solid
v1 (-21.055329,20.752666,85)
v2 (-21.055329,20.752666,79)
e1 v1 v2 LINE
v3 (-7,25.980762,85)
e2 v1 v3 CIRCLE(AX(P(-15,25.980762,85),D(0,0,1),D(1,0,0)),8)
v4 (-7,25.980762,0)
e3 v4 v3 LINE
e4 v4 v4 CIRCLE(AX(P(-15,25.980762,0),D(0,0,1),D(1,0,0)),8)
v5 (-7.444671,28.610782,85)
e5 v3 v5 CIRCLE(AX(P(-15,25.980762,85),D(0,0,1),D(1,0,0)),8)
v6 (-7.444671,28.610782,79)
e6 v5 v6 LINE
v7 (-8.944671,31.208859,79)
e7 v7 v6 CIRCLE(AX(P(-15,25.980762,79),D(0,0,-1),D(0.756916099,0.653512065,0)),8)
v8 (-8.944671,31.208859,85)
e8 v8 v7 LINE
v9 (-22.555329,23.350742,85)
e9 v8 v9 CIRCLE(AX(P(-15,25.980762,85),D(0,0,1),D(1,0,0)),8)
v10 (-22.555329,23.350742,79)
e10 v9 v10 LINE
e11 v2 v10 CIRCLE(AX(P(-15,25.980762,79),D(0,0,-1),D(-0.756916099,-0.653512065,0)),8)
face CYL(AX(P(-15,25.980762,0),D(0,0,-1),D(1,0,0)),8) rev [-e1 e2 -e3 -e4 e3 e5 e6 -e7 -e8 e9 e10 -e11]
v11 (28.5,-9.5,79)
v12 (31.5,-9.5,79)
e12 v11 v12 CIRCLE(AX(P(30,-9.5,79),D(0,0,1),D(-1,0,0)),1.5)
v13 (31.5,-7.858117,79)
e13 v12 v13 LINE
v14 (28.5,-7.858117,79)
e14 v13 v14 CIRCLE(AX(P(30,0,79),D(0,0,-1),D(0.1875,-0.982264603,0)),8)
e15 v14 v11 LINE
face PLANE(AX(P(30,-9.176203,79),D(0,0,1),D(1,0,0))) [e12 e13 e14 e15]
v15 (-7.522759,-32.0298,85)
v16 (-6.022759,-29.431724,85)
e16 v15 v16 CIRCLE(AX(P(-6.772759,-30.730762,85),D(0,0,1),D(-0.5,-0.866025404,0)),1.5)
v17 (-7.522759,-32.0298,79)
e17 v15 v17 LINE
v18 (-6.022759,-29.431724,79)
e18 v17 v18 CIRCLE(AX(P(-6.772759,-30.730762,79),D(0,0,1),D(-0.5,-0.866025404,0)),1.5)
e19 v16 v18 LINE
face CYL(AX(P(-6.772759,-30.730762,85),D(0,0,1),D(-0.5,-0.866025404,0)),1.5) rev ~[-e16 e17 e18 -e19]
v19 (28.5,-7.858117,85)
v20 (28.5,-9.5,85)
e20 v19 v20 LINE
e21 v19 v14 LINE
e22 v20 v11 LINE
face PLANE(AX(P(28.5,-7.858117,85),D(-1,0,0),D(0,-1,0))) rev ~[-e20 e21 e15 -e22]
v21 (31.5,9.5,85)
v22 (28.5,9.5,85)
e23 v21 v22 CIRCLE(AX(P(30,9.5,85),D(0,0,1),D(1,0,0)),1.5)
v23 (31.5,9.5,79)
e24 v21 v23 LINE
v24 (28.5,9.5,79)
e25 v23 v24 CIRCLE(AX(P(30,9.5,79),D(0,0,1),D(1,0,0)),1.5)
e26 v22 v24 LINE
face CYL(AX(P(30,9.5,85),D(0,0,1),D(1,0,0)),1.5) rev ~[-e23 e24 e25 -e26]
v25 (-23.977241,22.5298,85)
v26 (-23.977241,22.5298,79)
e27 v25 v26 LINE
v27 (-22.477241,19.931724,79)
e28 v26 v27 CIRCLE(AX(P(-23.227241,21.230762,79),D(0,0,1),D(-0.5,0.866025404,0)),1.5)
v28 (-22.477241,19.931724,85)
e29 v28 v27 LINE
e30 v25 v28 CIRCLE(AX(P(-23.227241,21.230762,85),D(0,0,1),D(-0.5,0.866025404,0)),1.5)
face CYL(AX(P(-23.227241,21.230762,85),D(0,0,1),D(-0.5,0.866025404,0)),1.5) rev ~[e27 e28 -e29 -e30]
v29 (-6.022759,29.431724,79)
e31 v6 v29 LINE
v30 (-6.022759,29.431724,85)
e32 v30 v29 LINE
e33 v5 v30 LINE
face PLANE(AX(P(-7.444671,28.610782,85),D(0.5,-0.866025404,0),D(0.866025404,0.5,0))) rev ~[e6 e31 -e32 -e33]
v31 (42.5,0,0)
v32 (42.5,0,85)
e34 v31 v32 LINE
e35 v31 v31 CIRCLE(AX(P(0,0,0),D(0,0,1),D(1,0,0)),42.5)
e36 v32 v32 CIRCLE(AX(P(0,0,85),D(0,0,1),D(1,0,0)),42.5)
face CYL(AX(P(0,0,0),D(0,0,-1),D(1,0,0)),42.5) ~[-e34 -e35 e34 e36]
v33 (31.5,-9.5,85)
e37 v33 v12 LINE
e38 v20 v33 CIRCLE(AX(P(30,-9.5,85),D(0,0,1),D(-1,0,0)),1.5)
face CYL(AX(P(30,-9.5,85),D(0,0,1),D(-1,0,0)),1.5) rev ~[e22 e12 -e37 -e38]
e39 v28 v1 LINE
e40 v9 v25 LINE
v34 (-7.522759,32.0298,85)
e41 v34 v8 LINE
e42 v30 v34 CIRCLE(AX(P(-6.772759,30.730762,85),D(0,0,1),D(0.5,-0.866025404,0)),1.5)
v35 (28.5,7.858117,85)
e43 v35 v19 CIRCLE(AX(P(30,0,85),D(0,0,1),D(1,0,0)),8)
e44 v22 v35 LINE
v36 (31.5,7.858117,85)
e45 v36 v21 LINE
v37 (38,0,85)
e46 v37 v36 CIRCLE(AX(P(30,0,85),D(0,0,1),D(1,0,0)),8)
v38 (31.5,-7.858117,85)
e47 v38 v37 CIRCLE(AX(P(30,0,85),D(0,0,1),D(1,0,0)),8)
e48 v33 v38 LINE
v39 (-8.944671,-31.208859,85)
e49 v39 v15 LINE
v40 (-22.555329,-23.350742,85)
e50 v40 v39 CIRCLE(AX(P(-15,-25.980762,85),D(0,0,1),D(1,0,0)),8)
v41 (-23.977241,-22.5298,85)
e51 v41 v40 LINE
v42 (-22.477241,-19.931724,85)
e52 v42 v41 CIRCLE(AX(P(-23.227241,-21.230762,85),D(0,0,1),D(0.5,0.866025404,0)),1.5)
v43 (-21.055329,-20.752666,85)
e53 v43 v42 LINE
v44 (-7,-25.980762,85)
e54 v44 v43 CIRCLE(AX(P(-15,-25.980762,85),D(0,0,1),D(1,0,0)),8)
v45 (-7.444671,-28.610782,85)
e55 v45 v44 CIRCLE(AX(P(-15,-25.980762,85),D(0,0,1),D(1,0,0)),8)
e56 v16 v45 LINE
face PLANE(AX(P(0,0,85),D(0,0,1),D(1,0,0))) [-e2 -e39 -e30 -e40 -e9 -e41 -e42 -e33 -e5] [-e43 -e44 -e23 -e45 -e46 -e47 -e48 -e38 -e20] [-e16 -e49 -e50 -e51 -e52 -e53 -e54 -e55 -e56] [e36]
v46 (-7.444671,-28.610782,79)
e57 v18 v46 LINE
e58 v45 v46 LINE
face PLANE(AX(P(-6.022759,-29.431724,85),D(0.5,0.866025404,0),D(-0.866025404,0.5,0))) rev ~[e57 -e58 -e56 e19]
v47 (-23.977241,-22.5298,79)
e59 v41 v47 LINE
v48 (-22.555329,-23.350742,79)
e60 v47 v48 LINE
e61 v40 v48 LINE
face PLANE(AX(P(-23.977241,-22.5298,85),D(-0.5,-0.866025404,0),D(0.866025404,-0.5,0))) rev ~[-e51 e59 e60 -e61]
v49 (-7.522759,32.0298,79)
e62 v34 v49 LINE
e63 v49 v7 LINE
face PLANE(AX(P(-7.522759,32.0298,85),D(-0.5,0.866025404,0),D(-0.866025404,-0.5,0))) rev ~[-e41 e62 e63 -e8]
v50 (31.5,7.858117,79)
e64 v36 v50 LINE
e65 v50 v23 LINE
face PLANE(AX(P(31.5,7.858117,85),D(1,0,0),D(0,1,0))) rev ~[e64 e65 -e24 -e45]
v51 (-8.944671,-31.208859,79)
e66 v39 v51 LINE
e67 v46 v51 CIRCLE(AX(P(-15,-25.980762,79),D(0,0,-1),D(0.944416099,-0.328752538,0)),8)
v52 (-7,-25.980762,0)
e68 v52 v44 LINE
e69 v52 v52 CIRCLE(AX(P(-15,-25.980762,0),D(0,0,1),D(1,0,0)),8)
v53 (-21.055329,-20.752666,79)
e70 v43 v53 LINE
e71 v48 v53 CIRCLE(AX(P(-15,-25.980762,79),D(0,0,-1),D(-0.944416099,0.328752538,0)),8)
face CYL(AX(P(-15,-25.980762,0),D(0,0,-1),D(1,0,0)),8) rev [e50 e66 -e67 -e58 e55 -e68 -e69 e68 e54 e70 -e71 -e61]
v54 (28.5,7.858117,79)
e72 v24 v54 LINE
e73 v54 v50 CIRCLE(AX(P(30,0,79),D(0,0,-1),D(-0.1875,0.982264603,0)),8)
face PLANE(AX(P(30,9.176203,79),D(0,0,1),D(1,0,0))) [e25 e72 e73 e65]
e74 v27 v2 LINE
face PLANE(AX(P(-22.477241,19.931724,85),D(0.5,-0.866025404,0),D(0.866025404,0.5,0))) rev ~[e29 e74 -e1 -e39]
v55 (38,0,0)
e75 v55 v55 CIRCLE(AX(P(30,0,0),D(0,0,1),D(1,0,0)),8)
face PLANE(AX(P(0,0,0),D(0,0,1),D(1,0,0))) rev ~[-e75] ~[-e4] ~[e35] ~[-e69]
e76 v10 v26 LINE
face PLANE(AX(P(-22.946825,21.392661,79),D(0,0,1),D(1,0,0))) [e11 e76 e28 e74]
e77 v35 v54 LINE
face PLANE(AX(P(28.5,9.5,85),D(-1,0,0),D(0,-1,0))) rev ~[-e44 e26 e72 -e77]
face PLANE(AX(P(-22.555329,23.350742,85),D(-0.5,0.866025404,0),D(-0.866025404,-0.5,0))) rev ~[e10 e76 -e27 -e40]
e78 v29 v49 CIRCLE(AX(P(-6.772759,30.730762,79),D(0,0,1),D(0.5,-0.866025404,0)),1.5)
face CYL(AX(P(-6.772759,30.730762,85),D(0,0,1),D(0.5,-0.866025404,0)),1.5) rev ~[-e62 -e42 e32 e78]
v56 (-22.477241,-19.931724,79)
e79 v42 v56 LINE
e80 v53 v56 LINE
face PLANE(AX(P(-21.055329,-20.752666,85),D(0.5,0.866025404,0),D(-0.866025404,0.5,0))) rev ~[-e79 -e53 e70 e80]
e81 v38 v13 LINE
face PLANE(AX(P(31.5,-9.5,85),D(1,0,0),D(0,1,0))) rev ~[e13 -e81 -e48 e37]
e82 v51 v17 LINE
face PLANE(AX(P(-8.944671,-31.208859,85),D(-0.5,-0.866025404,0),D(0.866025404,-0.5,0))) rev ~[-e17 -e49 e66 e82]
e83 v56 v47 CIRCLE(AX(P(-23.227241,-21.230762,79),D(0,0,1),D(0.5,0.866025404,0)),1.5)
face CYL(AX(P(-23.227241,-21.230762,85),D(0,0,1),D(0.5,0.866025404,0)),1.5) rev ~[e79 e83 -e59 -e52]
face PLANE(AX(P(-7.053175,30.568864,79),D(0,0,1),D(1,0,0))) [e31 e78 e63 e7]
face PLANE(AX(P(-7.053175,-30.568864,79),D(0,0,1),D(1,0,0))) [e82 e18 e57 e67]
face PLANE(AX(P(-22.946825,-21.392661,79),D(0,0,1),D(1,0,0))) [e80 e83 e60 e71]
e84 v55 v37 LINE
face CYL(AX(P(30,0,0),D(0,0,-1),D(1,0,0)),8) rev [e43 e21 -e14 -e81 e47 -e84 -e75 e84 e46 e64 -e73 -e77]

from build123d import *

# Parameters (mm, degrees)
F0_R     = 42.5
F0_R_2   = 8
F1_DEPTH = 85
F3_DEPTH = 6


with BuildPart() as f1:
    # F0 (on Top) → F1 (new body)
    with BuildSketch(Plane.XY):
        Circle(F0_R)
        with Locations((-15, -25.9807621135)):
            Circle(F0_R_2, mode=Mode.SUBTRACT)
        with Locations((-15, 25.9807621135)):
            Circle(F0_R_2, mode=Mode.SUBTRACT)
        with Locations((30, 0)):
            Circle(F0_R_2, mode=Mode.SUBTRACT)
    extrude(amount=F1_DEPTH)

    # F2 (on face) → F3 (cut)
    with BuildSketch(Plane.XY.offset(85)):
        with BuildLine():
            ThreePointArc((28.5, 7.8581168228), (30, 8), (31.5, 7.8581168228))
            Line((31.5, 7.8581168228), (31.5, 9.5))
            ThreePointArc((31.5, 9.5), (30, 11), (28.5, 9.5))
            Line((28.5, 9.5), (28.5, 7.8581168228))
        make_face()
        with BuildLine():
            Line((31.5, -9.5), (31.5, -7.8581168228))
            ThreePointArc((31.5, -7.8581168228), (30, -8), (28.5, -7.8581168228))
            Line((28.5, -7.8581168228), (28.5, -9.5))
            ThreePointArc((28.5, -9.5), (30, -11), (31.5, -9.5))
        make_face()
        with BuildLine():
            Line((-8.9446712056, -31.2088586306), (-7.522758664, -32.0298002192))
            ThreePointArc((-7.522758664, -32.0298002192), (-5.4737205584, -31.4807621135), (-6.022758664, -29.4317240079))
            Line((-6.022758664, -29.4317240079), (-7.4446712056, -28.6107824192))
            ThreePointArc((-7.4446712056, -28.6107824192), (-8.0717967697, -29.9807621135), (-8.9446712056, -31.2088586306))
        make_face()
        with BuildLine():
            Line((-23.977241336, -22.5298002192), (-22.5553287944, -23.3507418078))
            ThreePointArc((-22.5553287944, -23.3507418078), (-21.9282032303, -21.9807621135), (-21.0553287944, -20.7526655965))
            Line((-21.0553287944, -20.7526655965), (-22.477241336, -19.9317240079))
            ThreePointArc((-22.477241336, -19.9317240079), (-24.5262794416, -20.4807621135), (-23.977241336, -22.5298002192))
        make_face()
        with BuildLine():
            Line((-22.5553287944, 23.3507418078), (-23.977241336, 22.5298002192))
            ThreePointArc((-23.977241336, 22.5298002192), (-24.5262794416, 20.4807621135), (-22.477241336, 19.9317240079))
            Line((-22.477241336, 19.9317240079), (-21.0553287944, 20.7526655965))
            ThreePointArc((-21.0553287944, 20.7526655965), (-21.9282032303, 21.9807621135), (-22.5553287944, 23.3507418078))
        make_face()
        with BuildLine():
            Line((-7.522758664, 32.0298002192), (-8.9446712056, 31.2088586306))
            ThreePointArc((-8.9446712056, 31.2088586306), (-8.0717967697, 29.9807621135), (-7.4446712056, 28.6107824192))
            Line((-7.4446712056, 28.6107824192), (-6.022758664, 29.4317240079))
            ThreePointArc((-6.022758664, 29.4317240079), (-5.4737205584, 31.4807621135), (-7.522758664, 32.0298002192))
        make_face()
    extrude(amount=-F3_DEPTH, mode=Mode.SUBTRACT)


solid = f1.part
